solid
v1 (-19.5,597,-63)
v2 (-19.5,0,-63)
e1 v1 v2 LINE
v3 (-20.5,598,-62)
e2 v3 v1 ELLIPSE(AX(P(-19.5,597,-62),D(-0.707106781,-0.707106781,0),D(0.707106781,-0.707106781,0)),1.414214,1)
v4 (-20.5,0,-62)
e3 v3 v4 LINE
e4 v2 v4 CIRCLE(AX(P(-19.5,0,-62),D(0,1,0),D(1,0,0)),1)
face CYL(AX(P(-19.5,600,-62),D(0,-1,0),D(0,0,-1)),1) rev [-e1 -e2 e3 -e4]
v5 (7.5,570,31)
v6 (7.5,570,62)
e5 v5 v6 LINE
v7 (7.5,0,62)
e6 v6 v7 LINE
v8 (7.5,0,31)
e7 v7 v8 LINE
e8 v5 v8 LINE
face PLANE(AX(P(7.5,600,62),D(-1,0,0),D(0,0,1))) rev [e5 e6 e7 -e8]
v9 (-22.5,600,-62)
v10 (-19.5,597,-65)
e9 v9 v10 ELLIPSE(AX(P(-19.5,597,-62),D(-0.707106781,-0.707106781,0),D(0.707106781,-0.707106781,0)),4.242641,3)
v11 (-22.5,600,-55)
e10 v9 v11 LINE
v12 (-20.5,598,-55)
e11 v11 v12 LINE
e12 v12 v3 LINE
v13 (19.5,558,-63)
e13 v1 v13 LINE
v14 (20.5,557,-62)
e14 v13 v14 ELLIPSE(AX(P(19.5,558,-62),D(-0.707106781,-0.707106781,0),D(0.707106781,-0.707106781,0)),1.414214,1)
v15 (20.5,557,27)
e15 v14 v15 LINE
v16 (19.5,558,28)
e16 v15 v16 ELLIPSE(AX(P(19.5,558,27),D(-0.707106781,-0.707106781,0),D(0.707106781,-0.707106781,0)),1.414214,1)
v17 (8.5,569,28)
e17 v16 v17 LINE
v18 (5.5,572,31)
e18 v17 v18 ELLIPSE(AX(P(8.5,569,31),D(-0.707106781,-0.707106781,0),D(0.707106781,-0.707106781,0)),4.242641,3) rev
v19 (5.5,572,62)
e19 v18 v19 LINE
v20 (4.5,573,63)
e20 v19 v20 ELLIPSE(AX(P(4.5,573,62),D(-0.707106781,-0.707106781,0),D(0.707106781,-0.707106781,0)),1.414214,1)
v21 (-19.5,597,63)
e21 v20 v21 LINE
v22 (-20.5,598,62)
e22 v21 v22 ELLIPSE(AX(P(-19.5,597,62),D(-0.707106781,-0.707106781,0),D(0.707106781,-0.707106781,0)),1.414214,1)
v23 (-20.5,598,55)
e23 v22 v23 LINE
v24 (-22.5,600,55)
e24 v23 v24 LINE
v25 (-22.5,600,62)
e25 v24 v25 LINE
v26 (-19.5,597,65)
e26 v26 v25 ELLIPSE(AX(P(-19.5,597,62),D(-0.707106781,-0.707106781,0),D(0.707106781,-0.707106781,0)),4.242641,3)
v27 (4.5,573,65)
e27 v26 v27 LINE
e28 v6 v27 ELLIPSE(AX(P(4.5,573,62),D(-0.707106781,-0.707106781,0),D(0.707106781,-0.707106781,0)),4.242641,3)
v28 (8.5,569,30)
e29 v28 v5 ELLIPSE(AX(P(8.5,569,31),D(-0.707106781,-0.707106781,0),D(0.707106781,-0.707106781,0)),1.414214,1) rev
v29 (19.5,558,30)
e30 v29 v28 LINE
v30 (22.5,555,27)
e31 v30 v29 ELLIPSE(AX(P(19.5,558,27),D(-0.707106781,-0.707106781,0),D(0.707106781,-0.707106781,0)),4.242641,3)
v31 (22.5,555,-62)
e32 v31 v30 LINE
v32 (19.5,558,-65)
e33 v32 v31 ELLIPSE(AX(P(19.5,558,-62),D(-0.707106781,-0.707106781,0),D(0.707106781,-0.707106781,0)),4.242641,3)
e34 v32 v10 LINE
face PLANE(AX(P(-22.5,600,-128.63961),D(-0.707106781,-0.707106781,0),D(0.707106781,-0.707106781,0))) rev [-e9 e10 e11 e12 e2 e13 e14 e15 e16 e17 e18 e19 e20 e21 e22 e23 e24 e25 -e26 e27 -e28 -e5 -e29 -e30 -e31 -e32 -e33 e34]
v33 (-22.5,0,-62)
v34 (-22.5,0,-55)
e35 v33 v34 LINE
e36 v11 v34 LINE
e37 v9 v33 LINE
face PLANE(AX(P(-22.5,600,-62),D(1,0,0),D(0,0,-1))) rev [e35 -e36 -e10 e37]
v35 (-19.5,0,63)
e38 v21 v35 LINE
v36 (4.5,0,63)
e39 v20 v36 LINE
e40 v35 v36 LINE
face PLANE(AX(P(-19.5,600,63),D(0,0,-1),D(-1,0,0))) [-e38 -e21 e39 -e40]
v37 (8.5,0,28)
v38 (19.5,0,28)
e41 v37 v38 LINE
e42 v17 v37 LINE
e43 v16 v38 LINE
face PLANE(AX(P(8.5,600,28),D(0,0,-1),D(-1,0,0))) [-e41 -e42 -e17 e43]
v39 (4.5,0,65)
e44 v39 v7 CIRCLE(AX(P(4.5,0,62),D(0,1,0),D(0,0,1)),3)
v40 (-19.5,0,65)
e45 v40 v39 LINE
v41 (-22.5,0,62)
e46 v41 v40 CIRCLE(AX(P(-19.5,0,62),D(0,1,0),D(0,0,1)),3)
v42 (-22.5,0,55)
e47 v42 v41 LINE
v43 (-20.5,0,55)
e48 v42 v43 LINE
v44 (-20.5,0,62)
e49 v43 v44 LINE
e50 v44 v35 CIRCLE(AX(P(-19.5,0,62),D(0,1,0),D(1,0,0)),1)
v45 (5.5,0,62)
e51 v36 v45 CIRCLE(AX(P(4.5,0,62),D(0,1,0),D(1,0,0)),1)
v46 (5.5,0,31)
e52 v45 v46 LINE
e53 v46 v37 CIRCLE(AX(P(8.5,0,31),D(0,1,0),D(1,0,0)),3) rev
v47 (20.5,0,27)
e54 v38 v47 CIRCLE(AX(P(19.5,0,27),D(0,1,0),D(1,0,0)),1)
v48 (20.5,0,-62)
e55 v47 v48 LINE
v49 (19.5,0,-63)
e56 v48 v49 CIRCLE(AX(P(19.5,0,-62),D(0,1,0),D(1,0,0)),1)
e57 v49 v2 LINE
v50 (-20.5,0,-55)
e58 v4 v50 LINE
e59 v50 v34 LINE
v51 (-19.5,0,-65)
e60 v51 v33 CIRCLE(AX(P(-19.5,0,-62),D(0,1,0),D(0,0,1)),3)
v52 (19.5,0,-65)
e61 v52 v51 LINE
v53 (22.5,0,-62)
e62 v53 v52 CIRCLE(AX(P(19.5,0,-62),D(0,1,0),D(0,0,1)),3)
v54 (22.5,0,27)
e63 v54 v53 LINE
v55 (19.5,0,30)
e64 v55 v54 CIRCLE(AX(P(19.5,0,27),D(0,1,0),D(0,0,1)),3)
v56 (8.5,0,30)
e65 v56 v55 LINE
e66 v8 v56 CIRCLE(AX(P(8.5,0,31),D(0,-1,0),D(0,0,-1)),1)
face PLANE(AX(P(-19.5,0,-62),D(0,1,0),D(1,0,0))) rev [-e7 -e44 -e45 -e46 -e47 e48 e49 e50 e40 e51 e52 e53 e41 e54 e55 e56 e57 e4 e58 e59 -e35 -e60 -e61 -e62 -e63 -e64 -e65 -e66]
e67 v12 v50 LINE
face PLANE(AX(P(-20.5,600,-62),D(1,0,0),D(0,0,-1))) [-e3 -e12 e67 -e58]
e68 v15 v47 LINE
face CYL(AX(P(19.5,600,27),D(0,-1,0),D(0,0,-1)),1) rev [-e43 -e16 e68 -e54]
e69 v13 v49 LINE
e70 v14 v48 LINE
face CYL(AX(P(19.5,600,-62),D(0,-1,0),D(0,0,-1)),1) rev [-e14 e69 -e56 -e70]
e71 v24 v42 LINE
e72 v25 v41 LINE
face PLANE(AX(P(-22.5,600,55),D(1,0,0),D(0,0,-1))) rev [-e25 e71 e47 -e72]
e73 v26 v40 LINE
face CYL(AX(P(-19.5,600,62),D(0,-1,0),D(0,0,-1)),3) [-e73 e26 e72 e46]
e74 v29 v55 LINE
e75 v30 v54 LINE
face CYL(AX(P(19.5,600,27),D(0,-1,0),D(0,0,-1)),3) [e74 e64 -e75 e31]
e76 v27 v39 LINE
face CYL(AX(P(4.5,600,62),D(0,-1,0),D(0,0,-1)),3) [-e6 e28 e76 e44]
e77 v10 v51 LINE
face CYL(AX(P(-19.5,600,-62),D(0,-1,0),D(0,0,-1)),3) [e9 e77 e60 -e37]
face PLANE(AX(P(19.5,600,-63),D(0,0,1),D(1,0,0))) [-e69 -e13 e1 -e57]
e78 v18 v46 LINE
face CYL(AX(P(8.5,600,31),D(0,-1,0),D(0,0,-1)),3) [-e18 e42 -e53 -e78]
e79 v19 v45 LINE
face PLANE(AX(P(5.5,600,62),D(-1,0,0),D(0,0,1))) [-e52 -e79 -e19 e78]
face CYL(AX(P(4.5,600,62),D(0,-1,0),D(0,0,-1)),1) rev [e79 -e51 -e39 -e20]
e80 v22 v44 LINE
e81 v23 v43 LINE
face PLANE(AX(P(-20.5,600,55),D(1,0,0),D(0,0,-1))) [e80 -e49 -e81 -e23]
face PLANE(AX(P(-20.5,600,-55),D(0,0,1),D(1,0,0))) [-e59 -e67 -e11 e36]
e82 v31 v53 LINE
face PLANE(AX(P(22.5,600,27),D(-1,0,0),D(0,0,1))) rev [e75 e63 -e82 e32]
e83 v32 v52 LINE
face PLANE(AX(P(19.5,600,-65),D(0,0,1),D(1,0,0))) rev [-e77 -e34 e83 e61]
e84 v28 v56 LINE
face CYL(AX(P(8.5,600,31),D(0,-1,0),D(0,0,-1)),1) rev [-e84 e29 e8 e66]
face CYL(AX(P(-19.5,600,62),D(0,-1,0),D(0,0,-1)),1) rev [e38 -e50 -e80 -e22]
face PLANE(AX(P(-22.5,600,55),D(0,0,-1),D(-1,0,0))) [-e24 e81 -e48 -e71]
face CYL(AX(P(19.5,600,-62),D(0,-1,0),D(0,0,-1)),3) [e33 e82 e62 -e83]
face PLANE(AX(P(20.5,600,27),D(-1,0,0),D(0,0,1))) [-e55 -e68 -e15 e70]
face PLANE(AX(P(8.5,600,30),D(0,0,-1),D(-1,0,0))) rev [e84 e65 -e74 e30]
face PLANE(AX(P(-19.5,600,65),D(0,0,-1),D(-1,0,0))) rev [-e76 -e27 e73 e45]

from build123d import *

# Parameters (mm, degrees)
VYSUNOUT_TENKOST_NN_1_DEPTH = 600
ODEBRAT_VYSUNUT_M1_DEPTH    = 130


with BuildPart() as part:
    # Skica1 → Vysunout tenkostěnný1 (new body)
    with BuildSketch(Plane(origin=(0, 0, 0), x_dir=(1, 0, 0), z_dir=(0, 1, 0))):
        with BuildLine():
            Line((-22.5, -55), (-22.5, -62))
            ThreePointArc((-22.5, -62), (-21.621320344, -64.121320344), (-19.5, -65))
            Line((-19.5, -65), (4.5, -65))
            ThreePointArc((4.5, -65), (6.621320344, -64.121320344), (7.5, -62))
            Line((7.5, -62), (7.5, -31))
            ThreePointArc((7.5, -31), (7.792893219, -30.292893219), (8.5, -30))
            Line((8.5, -30), (19.5, -30))
            ThreePointArc((19.5, -30), (21.621320344, -29.121320344), (22.5, -27))
            Line((22.5, -27), (22.5, 62))
            ThreePointArc((22.5, 62), (21.621320344, 64.121320344), (19.5, 65))
            Line((19.5, 65), (-19.5, 65))
            ThreePointArc((-19.5, 65), (-21.621320344, 64.121320344), (-22.5, 62))
            Line((-22.5, 62), (-22.5, 55))
            Line((-22.5, 55), (-20.5, 55))
            Line((-20.5, 55), (-20.5, 62))
            ThreePointArc((-20.5, 62), (-20.207106781, 62.707106781), (-19.5, 63))
            Line((-19.5, 63), (19.5, 63))
            ThreePointArc((19.5, 63), (20.207106781, 62.707106781), (20.5, 62))
            Line((20.5, 62), (20.5, -27))
            ThreePointArc((20.5, -27), (20.207106781, -27.707106781), (19.5, -28))
            Line((19.5, -28), (8.5, -28))
            ThreePointArc((8.5, -28), (6.378679656, -28.878679656), (5.5, -31))
            Line((5.5, -31), (5.5, -62))
            ThreePointArc((5.5, -62), (5.207106781, -62.707106781), (4.5, -63))
            Line((4.5, -63), (-19.5, -63))
            ThreePointArc((-19.5, -63), (-20.207106781, -62.707106781), (-20.5, -62))
            Line((-20.5, -62), (-20.5, -55))
            Line((-20.5, -55), (-22.5, -55))
        make_face()
    extrude(amount=VYSUNOUT_TENKOST_NN_1_DEPTH)

    # Skica2 → Odebrat vysunutím1 (cut)
    with BuildSketch(Plane.XY.offset(65)):
        Polygon((-22.5, 600), (22.5, 555), (22.5, 600), align=None)
    extrude(amount=-ODEBRAT_VYSUNUT_M1_DEPTH, mode=Mode.SUBTRACT)


solid = part.part
